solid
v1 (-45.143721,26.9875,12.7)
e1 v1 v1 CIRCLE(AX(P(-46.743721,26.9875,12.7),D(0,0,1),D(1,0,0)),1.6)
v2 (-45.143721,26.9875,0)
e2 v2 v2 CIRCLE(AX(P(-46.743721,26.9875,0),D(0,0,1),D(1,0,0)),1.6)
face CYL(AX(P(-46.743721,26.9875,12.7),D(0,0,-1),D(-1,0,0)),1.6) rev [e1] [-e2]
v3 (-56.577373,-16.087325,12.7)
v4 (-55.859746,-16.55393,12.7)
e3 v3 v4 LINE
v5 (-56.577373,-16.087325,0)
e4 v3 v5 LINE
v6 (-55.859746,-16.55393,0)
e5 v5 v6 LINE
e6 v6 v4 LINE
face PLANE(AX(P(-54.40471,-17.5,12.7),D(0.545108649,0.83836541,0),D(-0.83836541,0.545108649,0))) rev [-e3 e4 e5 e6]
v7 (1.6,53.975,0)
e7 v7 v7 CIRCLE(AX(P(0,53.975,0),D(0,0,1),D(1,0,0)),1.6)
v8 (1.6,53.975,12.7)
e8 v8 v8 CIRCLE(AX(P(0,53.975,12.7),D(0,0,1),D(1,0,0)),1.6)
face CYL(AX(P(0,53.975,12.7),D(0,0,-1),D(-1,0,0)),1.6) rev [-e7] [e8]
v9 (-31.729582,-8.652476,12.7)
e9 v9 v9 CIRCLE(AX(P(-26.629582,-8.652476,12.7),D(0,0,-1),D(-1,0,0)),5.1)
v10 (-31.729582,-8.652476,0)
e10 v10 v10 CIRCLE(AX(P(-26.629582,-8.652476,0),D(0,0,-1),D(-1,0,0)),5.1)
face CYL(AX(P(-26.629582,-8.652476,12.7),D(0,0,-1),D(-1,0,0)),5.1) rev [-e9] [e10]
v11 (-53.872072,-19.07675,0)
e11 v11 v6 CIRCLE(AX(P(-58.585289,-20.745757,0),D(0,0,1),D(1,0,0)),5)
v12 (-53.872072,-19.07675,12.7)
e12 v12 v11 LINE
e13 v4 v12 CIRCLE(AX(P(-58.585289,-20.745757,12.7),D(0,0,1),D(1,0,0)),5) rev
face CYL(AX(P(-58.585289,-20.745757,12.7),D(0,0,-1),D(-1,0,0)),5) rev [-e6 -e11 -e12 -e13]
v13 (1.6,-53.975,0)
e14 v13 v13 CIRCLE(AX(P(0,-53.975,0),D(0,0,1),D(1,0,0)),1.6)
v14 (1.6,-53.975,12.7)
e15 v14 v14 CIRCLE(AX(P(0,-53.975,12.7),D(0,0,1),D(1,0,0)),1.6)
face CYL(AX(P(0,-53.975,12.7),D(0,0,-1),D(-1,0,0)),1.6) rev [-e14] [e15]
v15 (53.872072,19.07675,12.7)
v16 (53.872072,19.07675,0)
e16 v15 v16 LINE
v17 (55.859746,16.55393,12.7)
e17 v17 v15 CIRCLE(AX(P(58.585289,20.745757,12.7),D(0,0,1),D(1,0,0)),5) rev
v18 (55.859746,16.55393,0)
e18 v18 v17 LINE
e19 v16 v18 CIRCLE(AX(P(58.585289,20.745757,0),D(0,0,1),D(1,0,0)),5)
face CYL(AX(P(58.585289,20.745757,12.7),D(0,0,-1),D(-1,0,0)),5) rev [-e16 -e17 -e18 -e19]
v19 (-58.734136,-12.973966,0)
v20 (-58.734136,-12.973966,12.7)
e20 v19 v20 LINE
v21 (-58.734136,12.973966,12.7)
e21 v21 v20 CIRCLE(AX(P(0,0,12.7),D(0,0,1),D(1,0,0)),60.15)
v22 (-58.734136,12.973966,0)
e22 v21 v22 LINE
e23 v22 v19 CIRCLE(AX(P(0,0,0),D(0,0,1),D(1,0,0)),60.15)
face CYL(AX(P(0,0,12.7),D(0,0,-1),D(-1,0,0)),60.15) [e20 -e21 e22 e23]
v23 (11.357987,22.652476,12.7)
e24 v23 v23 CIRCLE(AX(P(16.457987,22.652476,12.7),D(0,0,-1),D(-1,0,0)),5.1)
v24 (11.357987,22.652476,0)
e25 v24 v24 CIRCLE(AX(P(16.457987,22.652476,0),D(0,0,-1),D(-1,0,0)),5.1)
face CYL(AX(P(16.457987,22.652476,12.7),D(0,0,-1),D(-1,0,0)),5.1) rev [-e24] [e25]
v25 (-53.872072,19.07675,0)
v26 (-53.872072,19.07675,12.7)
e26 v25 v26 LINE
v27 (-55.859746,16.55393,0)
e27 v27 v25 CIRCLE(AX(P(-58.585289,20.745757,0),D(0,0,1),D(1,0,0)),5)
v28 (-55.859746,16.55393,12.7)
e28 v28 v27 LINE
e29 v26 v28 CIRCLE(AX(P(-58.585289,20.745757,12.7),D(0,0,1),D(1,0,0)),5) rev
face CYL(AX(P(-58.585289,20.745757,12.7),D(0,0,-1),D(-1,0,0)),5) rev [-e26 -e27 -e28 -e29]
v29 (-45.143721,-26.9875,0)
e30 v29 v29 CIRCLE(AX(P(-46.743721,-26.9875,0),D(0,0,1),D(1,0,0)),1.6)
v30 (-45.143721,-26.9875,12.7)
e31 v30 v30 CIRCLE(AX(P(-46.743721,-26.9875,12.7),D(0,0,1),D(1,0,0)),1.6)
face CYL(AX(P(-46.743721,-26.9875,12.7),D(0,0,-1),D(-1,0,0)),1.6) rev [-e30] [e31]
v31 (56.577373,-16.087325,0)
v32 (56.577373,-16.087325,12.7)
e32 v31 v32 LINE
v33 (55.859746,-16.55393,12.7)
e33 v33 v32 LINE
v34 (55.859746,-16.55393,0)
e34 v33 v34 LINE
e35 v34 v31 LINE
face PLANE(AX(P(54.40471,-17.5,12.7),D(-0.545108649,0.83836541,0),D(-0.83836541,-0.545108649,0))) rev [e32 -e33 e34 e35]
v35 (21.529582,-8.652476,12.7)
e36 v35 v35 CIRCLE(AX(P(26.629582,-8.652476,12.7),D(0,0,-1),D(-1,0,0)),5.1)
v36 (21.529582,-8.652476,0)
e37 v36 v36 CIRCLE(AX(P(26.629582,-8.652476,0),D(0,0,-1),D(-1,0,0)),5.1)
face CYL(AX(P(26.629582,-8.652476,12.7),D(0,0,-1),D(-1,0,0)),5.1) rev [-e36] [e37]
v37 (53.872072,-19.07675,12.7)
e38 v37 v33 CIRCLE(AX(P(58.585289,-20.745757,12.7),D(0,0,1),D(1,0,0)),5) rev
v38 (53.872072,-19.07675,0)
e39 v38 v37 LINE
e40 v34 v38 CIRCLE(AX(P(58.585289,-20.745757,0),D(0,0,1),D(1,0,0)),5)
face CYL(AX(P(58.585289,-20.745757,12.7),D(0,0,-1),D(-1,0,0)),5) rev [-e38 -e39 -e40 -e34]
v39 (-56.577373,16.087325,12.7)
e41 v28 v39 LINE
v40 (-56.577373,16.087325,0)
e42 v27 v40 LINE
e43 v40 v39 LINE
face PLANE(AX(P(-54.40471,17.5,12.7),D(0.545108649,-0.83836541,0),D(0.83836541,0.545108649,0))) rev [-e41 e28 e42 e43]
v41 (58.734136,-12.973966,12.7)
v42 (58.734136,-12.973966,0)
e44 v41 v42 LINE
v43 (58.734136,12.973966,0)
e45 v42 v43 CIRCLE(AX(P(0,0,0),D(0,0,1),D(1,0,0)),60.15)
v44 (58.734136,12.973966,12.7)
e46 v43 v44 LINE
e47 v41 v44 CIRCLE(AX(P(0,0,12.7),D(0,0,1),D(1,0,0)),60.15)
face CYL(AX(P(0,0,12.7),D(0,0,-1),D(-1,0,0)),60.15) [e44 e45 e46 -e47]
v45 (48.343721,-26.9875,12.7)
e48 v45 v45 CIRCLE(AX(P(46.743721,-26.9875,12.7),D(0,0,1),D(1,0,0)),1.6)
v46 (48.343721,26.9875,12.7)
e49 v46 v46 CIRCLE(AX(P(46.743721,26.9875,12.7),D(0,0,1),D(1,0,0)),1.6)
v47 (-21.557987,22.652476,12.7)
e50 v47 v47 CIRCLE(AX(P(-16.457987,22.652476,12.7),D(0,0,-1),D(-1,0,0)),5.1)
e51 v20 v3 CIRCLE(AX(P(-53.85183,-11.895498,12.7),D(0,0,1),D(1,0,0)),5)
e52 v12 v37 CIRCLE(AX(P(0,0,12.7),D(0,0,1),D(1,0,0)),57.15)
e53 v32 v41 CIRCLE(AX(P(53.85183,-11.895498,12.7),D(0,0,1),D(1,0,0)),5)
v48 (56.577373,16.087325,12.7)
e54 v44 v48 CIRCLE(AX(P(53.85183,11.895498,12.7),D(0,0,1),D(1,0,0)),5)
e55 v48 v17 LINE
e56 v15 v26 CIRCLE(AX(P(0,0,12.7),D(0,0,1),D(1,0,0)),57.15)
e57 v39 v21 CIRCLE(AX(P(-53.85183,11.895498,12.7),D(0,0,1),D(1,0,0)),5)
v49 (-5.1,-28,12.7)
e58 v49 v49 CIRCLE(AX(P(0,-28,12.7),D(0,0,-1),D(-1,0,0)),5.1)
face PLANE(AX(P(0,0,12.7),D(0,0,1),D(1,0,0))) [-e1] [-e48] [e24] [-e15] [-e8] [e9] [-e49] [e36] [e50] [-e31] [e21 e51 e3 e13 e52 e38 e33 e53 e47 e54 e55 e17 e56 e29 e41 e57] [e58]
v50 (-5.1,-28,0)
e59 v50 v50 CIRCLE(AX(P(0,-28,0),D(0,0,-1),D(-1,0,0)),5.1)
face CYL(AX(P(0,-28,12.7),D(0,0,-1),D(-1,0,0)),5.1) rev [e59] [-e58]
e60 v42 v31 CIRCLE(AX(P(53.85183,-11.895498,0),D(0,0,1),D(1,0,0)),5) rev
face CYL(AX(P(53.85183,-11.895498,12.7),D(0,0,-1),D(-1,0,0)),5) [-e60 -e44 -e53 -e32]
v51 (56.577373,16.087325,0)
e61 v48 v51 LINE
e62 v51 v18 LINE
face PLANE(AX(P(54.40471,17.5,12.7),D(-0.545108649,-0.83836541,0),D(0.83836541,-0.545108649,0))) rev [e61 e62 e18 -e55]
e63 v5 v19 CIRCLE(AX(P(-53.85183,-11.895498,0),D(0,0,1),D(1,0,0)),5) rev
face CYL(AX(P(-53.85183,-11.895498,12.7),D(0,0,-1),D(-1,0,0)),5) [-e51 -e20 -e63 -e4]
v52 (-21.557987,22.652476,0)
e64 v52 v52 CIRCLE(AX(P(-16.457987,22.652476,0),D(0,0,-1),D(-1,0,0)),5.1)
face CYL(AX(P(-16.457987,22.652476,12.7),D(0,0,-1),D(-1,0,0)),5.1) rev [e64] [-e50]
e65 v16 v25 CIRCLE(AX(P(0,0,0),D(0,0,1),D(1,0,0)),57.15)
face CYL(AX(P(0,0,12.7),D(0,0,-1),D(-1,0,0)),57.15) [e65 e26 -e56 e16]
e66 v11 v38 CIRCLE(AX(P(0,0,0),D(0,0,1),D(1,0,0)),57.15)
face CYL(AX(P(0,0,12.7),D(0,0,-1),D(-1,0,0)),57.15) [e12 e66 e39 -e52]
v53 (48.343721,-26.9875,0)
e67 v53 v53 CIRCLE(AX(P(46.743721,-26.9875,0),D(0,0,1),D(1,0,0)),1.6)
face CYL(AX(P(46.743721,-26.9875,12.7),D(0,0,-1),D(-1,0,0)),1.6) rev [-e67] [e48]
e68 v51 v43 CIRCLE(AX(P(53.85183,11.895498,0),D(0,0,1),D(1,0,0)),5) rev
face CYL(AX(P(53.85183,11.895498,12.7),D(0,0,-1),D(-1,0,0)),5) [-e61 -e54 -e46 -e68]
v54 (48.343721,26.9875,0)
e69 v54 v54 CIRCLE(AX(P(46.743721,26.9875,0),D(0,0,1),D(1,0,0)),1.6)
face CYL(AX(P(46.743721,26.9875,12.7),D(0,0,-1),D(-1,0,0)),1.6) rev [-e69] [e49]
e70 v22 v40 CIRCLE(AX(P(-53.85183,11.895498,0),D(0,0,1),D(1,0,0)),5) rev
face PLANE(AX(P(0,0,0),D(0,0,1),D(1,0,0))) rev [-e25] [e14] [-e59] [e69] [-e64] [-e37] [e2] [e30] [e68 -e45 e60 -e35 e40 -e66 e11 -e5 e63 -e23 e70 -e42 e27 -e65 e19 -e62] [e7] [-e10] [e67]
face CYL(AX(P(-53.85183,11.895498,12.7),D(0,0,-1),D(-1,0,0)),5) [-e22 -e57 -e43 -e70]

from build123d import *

# Parameters (mm, degrees)
SKETCH1_R           = 1.6
BOSS_EXTRUDE1_DEPTH = 12.7
SKETCH6_R           = 5.1
CUT_EXTRUDE2_DEPTH  = 13.7
FILLET1_R           = 5


with BuildPart() as part:
    # Sketch1 → Boss-Extrude1 (new body)
    with BuildSketch(Plane.XY):
        with BuildLine():
            Line((54.404710274, 17.5), (58.249656651, 15))
            ThreePointArc((58.249656651, 15), (60.15, 0), (58.249656651, -15))
            Line((58.249656651, -15), (54.404710274, -17.5))
            ThreePointArc((54.404710274, -17.5), (0, -57.15), (-54.404710274, -17.5))
            Line((-54.404710274, -17.5), (-58.249656651, -15))
            ThreePointArc((-58.249656651, -15), (-60.15, 0), (-58.249656651, 15))
            Line((-58.249656651, 15), (-54.404710274, 17.5))
            ThreePointArc((-54.404710274, 17.5), (0, 57.15), (54.404710274, 17.5))
        make_face()
        with Locations((0, 53.975)):
            Circle(SKETCH1_R, mode=Mode.SUBTRACT)
        with Locations((46.743721169, 26.9875)):
            Circle(SKETCH1_R, mode=Mode.SUBTRACT)
        with Locations((46.743721169, -26.9875)):
            Circle(SKETCH1_R, mode=Mode.SUBTRACT)
        with Locations((0, -53.975)):
            Circle(SKETCH1_R, mode=Mode.SUBTRACT)
        with Locations((-46.743721169, -26.9875)):
            Circle(SKETCH1_R, mode=Mode.SUBTRACT)
        with Locations((-46.743721169, 26.9875)):
            Circle(SKETCH1_R, mode=Mode.SUBTRACT)
    extrude(amount=BOSS_EXTRUDE1_DEPTH)

    # Sketch6 → Cut-Extrude2 (cut, through all)
    with BuildSketch(Plane(origin=(0, 0, 0), x_dir=(-1, 0, 0), z_dir=(0, 0, -1))):
        with Locations((16.457987064, 22.652475842)):
            Circle(SKETCH6_R)
        with Locations((-26.629582456, -8.652475842)):
            Circle(SKETCH6_R)
        with Locations((26.629582456, -8.652475842)):
            Circle(SKETCH6_R)
        with Locations((-16.457987064, 22.652475842)):
            Circle(SKETCH6_R)
        with Locations((0, -28)):
            Circle(SKETCH6_R)
    extrude(amount=-CUT_EXTRUDE2_DEPTH, mode=Mode.SUBTRACT)

    # Fillet1
    fillet1_edges = [part.edges().sort_by_distance(p)[0] for p in [
        (54.404710274, 17.5, 6.35),
        (58.249656651, 15, 6.35),
        (58.249656651, -15, 6.35),
        (54.404710274, -17.5, 6.35),
        (-54.404710274, -17.5, 6.35),
        (-58.249656651, -15, 6.35),
        (-58.249656651, 15, 6.35),
        (-54.404710274, 17.5, 6.35),
    ]]
    fillet(fillet1_edges, radius=FILLET1_R)


solid = part.part
